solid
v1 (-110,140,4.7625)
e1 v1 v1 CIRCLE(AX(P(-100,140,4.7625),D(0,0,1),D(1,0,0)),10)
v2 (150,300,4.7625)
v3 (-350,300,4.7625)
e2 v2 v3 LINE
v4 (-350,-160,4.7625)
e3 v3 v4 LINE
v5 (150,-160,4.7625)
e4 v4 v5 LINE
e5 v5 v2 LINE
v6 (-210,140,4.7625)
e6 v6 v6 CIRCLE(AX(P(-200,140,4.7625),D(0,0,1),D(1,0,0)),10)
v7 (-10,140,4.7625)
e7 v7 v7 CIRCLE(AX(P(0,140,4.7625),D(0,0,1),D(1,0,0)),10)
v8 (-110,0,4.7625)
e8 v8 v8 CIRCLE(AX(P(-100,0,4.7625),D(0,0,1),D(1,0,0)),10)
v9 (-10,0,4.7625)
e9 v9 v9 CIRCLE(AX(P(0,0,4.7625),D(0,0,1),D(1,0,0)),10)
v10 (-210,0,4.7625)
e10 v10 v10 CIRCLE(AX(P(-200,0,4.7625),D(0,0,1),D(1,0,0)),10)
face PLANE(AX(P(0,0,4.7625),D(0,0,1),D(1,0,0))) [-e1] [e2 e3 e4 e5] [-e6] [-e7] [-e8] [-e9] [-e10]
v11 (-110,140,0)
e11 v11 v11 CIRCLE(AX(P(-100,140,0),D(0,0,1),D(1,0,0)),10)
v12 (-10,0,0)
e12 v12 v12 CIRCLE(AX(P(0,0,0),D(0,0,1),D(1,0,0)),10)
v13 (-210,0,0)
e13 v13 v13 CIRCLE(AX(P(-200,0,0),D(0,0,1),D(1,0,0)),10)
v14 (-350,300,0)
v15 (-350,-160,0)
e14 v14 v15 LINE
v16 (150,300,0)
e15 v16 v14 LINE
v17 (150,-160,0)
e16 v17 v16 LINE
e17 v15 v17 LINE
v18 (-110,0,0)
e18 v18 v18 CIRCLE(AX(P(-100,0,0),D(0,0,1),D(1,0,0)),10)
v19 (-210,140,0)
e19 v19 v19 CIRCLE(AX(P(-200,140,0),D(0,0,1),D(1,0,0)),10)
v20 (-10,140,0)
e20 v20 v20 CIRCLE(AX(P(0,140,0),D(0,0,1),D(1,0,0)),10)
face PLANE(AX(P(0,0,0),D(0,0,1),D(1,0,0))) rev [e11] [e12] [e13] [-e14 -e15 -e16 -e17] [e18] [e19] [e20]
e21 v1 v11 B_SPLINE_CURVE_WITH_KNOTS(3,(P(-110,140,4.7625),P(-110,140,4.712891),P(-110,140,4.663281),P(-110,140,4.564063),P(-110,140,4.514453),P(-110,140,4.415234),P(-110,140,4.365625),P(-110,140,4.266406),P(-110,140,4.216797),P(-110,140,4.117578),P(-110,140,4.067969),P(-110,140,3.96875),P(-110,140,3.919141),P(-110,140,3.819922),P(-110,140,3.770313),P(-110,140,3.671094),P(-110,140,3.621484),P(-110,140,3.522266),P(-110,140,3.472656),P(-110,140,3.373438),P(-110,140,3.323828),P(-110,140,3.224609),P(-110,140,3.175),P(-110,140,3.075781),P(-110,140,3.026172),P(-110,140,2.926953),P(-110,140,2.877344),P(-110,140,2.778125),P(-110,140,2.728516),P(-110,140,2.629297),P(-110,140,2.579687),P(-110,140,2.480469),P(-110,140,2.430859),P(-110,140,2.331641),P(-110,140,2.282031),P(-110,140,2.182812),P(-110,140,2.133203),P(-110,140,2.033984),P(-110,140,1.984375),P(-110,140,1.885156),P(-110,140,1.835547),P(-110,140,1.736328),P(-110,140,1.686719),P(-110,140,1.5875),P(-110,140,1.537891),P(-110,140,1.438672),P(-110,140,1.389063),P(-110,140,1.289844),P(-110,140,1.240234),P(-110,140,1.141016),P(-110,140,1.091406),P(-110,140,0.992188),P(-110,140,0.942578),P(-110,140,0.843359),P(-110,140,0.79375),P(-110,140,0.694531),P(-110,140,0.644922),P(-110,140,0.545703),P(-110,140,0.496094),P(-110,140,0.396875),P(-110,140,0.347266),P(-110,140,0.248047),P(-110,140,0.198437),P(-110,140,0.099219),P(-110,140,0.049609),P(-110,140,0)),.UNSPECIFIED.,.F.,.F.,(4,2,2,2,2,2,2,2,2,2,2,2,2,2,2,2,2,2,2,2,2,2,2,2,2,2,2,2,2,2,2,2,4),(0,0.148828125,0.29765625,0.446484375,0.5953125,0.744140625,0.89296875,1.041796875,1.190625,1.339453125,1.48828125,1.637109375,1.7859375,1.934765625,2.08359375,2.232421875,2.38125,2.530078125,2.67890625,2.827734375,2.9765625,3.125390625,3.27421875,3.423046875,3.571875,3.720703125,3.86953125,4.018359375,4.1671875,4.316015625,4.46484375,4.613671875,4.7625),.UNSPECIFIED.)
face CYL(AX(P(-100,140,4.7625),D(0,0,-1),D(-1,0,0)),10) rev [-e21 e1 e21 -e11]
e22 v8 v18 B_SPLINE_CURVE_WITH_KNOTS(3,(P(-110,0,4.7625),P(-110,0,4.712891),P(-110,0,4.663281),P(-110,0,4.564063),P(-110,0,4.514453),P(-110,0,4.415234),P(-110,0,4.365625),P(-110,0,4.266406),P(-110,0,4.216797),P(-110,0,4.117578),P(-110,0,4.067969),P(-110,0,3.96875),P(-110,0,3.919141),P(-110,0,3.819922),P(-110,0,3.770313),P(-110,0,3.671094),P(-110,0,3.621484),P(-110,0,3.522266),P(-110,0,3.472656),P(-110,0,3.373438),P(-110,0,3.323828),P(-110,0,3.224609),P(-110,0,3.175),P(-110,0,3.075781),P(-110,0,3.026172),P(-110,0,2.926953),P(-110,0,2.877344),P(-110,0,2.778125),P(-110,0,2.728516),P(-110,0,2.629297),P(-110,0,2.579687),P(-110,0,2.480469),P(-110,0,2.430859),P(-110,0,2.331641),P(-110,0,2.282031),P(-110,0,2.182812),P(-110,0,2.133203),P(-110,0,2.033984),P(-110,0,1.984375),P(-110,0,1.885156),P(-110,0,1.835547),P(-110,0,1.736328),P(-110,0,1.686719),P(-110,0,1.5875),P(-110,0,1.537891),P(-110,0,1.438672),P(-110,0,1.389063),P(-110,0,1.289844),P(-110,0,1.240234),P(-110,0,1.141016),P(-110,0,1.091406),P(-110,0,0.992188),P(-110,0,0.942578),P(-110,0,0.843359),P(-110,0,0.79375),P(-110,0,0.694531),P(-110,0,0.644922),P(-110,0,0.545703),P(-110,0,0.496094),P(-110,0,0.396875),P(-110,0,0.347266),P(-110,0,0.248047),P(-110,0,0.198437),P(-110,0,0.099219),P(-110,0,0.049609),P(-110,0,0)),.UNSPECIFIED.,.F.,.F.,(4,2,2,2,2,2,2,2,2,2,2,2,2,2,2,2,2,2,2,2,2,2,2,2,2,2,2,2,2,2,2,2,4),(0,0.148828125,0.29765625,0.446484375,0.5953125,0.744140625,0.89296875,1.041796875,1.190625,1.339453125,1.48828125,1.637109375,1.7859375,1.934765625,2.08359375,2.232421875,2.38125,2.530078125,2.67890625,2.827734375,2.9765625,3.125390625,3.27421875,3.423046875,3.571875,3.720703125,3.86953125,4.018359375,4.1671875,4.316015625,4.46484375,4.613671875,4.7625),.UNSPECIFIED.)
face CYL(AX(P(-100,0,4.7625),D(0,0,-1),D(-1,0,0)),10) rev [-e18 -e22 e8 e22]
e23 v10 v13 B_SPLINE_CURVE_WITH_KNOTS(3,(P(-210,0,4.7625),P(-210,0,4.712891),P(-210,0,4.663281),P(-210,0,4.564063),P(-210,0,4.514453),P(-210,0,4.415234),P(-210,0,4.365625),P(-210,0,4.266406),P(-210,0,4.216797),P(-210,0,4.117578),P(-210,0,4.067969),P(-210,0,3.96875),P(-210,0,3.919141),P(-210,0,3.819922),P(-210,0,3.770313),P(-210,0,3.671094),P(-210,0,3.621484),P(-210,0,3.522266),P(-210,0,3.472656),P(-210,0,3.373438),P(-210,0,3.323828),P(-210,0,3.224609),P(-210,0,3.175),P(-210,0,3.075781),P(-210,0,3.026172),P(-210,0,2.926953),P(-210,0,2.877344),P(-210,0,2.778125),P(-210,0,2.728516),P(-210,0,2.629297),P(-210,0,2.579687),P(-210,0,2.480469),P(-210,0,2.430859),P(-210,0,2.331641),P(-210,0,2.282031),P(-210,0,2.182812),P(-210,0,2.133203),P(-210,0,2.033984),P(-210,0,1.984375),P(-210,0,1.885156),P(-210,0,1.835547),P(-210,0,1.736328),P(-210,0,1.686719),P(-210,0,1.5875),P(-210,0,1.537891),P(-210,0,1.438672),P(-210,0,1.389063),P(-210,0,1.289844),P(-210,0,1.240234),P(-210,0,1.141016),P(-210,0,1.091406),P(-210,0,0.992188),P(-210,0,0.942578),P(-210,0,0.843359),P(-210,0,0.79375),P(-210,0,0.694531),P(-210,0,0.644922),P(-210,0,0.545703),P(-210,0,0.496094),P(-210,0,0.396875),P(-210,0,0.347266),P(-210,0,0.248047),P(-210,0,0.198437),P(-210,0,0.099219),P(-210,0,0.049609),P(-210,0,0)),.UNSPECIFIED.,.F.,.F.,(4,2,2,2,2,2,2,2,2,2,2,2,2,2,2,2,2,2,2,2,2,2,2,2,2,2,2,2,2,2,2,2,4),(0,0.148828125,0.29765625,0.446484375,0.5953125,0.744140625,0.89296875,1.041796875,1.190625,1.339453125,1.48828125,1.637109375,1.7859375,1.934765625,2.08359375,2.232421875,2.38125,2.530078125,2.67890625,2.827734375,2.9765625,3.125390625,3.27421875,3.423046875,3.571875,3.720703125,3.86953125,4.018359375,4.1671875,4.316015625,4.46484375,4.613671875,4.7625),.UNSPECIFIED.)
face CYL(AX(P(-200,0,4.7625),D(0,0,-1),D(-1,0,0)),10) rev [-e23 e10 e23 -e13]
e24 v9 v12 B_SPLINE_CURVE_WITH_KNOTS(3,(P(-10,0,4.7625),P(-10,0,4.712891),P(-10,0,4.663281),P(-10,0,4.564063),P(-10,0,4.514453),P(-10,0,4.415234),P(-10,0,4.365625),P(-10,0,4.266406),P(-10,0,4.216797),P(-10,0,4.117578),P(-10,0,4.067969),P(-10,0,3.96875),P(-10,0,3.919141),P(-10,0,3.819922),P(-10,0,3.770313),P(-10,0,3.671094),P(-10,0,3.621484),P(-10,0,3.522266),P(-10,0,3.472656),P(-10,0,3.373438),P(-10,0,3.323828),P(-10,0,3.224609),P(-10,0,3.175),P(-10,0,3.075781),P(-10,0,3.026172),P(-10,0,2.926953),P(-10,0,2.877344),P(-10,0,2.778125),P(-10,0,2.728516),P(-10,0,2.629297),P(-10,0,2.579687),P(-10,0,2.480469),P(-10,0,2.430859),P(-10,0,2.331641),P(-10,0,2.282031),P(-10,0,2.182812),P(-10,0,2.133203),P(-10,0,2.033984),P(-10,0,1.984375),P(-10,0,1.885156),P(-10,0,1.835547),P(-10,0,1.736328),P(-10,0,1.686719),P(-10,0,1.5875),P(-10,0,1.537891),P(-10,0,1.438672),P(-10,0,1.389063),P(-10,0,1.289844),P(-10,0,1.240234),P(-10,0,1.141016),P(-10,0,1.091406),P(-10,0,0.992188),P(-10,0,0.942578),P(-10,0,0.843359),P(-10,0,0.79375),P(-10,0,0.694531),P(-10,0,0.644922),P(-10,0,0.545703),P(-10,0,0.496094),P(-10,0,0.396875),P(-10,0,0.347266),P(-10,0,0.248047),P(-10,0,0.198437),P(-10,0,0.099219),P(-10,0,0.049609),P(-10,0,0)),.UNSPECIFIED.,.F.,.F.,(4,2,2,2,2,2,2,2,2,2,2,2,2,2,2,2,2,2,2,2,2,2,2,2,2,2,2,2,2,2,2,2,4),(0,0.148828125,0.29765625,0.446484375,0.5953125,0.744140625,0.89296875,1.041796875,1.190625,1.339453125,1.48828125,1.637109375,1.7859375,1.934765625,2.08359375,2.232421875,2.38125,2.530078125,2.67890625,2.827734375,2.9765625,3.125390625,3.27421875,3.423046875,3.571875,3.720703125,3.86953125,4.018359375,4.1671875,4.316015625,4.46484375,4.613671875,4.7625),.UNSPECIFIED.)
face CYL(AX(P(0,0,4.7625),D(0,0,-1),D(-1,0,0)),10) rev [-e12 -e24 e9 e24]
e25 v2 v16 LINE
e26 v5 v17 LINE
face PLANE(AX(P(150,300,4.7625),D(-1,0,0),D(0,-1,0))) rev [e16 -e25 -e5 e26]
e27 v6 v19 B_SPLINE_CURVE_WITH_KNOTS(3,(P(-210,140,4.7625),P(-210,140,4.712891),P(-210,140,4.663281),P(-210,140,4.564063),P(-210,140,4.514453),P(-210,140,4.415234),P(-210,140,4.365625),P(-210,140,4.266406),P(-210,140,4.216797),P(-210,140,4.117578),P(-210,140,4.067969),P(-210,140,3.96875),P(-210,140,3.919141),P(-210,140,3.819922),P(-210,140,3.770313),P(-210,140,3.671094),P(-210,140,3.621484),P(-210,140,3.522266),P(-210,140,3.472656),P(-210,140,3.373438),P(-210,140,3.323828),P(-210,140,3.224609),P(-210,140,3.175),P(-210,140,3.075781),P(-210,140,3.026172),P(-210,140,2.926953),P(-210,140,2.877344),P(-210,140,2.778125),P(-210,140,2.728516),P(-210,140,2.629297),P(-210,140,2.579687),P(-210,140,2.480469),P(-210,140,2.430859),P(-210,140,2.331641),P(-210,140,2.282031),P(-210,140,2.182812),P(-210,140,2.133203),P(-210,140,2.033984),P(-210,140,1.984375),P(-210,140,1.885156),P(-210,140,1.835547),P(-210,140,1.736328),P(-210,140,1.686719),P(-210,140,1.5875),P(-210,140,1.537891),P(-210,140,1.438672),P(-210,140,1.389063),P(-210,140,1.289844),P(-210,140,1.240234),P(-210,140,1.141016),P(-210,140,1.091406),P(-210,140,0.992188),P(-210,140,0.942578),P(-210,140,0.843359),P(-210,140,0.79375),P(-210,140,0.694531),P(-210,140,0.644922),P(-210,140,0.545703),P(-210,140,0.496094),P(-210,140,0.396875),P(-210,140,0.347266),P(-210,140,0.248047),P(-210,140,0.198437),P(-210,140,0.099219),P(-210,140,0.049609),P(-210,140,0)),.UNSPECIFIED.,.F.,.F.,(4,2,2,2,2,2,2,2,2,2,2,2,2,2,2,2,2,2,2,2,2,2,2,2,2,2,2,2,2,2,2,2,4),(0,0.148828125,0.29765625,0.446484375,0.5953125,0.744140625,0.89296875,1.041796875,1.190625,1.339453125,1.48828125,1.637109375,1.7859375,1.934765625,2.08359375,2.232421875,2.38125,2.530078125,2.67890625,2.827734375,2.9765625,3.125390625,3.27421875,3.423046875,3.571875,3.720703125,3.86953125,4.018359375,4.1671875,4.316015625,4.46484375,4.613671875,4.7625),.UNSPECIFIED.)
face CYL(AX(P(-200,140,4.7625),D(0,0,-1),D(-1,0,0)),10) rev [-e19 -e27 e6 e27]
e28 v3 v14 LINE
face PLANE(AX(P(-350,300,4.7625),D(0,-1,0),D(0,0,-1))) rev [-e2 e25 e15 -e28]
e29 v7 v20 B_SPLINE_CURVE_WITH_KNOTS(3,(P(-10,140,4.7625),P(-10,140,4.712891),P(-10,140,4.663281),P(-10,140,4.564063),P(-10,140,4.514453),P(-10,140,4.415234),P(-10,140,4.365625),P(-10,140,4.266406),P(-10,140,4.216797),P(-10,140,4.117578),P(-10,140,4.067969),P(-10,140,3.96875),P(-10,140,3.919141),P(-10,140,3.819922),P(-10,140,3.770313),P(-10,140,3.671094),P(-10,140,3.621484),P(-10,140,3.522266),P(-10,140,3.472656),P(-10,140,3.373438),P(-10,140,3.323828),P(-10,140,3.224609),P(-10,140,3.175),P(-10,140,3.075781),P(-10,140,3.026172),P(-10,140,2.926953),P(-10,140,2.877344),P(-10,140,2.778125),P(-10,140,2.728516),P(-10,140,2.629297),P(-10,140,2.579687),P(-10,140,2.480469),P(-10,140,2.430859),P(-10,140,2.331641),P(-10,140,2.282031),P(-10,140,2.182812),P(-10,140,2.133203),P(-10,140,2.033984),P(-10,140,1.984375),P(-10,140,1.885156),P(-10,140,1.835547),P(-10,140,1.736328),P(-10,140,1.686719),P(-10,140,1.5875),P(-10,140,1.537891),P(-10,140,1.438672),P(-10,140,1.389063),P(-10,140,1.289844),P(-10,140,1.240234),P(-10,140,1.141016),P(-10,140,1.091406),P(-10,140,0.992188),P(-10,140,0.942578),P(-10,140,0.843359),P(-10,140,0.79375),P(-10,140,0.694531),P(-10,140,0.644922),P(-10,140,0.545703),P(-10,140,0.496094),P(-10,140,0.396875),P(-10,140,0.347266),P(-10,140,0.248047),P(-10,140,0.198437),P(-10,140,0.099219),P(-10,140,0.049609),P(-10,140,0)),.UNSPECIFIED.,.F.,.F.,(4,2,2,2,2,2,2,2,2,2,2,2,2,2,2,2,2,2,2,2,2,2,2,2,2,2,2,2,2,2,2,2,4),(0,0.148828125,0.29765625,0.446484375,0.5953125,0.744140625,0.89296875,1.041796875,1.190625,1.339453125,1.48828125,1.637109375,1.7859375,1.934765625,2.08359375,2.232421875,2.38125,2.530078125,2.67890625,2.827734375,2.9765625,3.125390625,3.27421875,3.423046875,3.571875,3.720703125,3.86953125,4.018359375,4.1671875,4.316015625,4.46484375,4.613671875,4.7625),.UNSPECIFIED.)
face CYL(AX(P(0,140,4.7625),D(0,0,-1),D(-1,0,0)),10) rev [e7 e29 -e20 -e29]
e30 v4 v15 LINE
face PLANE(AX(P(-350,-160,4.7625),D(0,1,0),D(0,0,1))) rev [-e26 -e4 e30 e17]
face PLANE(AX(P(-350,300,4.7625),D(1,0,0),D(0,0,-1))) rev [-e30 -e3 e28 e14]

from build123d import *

# Parameters (mm, degrees)
ESBO_O1_W                = 500
ESBO_O1_H                = 460
ESBO_O1_R                = 10
RESSALTO_EXTRUS_O1_DEPTH = 4.7625


with BuildPart() as part:
    # Esboço1 → Ressalto-extrusão1 (new body)
    with BuildSketch(Plane.XY):
        with Locations((-100, 70)):
            Rectangle(ESBO_O1_W, ESBO_O1_H)
        with Locations(Location((0, 0, 0), (0, 0, 180))):
            Circle(ESBO_O1_R, mode=Mode.SUBTRACT)
        with Locations(Location((-100, 0, 0), (0, 0, 180))):
            Circle(ESBO_O1_R, mode=Mode.SUBTRACT)
        with Locations(Location((-200, 0, 0), (0, 0, 180))):
            Circle(ESBO_O1_R, mode=Mode.SUBTRACT)
        with Locations(Location((-200, 140, 0), (0, 0, 180))):
            Circle(ESBO_O1_R, mode=Mode.SUBTRACT)
        with Locations(Location((-100, 140, 0), (0, 0, 180))):
            Circle(ESBO_O1_R, mode=Mode.SUBTRACT)
        with Locations(Location((0, 140, 0), (0, 0, 180))):
            Circle(ESBO_O1_R, mode=Mode.SUBTRACT)
    extrude(amount=RESSALTO_EXTRUS_O1_DEPTH)


solid = part.part
